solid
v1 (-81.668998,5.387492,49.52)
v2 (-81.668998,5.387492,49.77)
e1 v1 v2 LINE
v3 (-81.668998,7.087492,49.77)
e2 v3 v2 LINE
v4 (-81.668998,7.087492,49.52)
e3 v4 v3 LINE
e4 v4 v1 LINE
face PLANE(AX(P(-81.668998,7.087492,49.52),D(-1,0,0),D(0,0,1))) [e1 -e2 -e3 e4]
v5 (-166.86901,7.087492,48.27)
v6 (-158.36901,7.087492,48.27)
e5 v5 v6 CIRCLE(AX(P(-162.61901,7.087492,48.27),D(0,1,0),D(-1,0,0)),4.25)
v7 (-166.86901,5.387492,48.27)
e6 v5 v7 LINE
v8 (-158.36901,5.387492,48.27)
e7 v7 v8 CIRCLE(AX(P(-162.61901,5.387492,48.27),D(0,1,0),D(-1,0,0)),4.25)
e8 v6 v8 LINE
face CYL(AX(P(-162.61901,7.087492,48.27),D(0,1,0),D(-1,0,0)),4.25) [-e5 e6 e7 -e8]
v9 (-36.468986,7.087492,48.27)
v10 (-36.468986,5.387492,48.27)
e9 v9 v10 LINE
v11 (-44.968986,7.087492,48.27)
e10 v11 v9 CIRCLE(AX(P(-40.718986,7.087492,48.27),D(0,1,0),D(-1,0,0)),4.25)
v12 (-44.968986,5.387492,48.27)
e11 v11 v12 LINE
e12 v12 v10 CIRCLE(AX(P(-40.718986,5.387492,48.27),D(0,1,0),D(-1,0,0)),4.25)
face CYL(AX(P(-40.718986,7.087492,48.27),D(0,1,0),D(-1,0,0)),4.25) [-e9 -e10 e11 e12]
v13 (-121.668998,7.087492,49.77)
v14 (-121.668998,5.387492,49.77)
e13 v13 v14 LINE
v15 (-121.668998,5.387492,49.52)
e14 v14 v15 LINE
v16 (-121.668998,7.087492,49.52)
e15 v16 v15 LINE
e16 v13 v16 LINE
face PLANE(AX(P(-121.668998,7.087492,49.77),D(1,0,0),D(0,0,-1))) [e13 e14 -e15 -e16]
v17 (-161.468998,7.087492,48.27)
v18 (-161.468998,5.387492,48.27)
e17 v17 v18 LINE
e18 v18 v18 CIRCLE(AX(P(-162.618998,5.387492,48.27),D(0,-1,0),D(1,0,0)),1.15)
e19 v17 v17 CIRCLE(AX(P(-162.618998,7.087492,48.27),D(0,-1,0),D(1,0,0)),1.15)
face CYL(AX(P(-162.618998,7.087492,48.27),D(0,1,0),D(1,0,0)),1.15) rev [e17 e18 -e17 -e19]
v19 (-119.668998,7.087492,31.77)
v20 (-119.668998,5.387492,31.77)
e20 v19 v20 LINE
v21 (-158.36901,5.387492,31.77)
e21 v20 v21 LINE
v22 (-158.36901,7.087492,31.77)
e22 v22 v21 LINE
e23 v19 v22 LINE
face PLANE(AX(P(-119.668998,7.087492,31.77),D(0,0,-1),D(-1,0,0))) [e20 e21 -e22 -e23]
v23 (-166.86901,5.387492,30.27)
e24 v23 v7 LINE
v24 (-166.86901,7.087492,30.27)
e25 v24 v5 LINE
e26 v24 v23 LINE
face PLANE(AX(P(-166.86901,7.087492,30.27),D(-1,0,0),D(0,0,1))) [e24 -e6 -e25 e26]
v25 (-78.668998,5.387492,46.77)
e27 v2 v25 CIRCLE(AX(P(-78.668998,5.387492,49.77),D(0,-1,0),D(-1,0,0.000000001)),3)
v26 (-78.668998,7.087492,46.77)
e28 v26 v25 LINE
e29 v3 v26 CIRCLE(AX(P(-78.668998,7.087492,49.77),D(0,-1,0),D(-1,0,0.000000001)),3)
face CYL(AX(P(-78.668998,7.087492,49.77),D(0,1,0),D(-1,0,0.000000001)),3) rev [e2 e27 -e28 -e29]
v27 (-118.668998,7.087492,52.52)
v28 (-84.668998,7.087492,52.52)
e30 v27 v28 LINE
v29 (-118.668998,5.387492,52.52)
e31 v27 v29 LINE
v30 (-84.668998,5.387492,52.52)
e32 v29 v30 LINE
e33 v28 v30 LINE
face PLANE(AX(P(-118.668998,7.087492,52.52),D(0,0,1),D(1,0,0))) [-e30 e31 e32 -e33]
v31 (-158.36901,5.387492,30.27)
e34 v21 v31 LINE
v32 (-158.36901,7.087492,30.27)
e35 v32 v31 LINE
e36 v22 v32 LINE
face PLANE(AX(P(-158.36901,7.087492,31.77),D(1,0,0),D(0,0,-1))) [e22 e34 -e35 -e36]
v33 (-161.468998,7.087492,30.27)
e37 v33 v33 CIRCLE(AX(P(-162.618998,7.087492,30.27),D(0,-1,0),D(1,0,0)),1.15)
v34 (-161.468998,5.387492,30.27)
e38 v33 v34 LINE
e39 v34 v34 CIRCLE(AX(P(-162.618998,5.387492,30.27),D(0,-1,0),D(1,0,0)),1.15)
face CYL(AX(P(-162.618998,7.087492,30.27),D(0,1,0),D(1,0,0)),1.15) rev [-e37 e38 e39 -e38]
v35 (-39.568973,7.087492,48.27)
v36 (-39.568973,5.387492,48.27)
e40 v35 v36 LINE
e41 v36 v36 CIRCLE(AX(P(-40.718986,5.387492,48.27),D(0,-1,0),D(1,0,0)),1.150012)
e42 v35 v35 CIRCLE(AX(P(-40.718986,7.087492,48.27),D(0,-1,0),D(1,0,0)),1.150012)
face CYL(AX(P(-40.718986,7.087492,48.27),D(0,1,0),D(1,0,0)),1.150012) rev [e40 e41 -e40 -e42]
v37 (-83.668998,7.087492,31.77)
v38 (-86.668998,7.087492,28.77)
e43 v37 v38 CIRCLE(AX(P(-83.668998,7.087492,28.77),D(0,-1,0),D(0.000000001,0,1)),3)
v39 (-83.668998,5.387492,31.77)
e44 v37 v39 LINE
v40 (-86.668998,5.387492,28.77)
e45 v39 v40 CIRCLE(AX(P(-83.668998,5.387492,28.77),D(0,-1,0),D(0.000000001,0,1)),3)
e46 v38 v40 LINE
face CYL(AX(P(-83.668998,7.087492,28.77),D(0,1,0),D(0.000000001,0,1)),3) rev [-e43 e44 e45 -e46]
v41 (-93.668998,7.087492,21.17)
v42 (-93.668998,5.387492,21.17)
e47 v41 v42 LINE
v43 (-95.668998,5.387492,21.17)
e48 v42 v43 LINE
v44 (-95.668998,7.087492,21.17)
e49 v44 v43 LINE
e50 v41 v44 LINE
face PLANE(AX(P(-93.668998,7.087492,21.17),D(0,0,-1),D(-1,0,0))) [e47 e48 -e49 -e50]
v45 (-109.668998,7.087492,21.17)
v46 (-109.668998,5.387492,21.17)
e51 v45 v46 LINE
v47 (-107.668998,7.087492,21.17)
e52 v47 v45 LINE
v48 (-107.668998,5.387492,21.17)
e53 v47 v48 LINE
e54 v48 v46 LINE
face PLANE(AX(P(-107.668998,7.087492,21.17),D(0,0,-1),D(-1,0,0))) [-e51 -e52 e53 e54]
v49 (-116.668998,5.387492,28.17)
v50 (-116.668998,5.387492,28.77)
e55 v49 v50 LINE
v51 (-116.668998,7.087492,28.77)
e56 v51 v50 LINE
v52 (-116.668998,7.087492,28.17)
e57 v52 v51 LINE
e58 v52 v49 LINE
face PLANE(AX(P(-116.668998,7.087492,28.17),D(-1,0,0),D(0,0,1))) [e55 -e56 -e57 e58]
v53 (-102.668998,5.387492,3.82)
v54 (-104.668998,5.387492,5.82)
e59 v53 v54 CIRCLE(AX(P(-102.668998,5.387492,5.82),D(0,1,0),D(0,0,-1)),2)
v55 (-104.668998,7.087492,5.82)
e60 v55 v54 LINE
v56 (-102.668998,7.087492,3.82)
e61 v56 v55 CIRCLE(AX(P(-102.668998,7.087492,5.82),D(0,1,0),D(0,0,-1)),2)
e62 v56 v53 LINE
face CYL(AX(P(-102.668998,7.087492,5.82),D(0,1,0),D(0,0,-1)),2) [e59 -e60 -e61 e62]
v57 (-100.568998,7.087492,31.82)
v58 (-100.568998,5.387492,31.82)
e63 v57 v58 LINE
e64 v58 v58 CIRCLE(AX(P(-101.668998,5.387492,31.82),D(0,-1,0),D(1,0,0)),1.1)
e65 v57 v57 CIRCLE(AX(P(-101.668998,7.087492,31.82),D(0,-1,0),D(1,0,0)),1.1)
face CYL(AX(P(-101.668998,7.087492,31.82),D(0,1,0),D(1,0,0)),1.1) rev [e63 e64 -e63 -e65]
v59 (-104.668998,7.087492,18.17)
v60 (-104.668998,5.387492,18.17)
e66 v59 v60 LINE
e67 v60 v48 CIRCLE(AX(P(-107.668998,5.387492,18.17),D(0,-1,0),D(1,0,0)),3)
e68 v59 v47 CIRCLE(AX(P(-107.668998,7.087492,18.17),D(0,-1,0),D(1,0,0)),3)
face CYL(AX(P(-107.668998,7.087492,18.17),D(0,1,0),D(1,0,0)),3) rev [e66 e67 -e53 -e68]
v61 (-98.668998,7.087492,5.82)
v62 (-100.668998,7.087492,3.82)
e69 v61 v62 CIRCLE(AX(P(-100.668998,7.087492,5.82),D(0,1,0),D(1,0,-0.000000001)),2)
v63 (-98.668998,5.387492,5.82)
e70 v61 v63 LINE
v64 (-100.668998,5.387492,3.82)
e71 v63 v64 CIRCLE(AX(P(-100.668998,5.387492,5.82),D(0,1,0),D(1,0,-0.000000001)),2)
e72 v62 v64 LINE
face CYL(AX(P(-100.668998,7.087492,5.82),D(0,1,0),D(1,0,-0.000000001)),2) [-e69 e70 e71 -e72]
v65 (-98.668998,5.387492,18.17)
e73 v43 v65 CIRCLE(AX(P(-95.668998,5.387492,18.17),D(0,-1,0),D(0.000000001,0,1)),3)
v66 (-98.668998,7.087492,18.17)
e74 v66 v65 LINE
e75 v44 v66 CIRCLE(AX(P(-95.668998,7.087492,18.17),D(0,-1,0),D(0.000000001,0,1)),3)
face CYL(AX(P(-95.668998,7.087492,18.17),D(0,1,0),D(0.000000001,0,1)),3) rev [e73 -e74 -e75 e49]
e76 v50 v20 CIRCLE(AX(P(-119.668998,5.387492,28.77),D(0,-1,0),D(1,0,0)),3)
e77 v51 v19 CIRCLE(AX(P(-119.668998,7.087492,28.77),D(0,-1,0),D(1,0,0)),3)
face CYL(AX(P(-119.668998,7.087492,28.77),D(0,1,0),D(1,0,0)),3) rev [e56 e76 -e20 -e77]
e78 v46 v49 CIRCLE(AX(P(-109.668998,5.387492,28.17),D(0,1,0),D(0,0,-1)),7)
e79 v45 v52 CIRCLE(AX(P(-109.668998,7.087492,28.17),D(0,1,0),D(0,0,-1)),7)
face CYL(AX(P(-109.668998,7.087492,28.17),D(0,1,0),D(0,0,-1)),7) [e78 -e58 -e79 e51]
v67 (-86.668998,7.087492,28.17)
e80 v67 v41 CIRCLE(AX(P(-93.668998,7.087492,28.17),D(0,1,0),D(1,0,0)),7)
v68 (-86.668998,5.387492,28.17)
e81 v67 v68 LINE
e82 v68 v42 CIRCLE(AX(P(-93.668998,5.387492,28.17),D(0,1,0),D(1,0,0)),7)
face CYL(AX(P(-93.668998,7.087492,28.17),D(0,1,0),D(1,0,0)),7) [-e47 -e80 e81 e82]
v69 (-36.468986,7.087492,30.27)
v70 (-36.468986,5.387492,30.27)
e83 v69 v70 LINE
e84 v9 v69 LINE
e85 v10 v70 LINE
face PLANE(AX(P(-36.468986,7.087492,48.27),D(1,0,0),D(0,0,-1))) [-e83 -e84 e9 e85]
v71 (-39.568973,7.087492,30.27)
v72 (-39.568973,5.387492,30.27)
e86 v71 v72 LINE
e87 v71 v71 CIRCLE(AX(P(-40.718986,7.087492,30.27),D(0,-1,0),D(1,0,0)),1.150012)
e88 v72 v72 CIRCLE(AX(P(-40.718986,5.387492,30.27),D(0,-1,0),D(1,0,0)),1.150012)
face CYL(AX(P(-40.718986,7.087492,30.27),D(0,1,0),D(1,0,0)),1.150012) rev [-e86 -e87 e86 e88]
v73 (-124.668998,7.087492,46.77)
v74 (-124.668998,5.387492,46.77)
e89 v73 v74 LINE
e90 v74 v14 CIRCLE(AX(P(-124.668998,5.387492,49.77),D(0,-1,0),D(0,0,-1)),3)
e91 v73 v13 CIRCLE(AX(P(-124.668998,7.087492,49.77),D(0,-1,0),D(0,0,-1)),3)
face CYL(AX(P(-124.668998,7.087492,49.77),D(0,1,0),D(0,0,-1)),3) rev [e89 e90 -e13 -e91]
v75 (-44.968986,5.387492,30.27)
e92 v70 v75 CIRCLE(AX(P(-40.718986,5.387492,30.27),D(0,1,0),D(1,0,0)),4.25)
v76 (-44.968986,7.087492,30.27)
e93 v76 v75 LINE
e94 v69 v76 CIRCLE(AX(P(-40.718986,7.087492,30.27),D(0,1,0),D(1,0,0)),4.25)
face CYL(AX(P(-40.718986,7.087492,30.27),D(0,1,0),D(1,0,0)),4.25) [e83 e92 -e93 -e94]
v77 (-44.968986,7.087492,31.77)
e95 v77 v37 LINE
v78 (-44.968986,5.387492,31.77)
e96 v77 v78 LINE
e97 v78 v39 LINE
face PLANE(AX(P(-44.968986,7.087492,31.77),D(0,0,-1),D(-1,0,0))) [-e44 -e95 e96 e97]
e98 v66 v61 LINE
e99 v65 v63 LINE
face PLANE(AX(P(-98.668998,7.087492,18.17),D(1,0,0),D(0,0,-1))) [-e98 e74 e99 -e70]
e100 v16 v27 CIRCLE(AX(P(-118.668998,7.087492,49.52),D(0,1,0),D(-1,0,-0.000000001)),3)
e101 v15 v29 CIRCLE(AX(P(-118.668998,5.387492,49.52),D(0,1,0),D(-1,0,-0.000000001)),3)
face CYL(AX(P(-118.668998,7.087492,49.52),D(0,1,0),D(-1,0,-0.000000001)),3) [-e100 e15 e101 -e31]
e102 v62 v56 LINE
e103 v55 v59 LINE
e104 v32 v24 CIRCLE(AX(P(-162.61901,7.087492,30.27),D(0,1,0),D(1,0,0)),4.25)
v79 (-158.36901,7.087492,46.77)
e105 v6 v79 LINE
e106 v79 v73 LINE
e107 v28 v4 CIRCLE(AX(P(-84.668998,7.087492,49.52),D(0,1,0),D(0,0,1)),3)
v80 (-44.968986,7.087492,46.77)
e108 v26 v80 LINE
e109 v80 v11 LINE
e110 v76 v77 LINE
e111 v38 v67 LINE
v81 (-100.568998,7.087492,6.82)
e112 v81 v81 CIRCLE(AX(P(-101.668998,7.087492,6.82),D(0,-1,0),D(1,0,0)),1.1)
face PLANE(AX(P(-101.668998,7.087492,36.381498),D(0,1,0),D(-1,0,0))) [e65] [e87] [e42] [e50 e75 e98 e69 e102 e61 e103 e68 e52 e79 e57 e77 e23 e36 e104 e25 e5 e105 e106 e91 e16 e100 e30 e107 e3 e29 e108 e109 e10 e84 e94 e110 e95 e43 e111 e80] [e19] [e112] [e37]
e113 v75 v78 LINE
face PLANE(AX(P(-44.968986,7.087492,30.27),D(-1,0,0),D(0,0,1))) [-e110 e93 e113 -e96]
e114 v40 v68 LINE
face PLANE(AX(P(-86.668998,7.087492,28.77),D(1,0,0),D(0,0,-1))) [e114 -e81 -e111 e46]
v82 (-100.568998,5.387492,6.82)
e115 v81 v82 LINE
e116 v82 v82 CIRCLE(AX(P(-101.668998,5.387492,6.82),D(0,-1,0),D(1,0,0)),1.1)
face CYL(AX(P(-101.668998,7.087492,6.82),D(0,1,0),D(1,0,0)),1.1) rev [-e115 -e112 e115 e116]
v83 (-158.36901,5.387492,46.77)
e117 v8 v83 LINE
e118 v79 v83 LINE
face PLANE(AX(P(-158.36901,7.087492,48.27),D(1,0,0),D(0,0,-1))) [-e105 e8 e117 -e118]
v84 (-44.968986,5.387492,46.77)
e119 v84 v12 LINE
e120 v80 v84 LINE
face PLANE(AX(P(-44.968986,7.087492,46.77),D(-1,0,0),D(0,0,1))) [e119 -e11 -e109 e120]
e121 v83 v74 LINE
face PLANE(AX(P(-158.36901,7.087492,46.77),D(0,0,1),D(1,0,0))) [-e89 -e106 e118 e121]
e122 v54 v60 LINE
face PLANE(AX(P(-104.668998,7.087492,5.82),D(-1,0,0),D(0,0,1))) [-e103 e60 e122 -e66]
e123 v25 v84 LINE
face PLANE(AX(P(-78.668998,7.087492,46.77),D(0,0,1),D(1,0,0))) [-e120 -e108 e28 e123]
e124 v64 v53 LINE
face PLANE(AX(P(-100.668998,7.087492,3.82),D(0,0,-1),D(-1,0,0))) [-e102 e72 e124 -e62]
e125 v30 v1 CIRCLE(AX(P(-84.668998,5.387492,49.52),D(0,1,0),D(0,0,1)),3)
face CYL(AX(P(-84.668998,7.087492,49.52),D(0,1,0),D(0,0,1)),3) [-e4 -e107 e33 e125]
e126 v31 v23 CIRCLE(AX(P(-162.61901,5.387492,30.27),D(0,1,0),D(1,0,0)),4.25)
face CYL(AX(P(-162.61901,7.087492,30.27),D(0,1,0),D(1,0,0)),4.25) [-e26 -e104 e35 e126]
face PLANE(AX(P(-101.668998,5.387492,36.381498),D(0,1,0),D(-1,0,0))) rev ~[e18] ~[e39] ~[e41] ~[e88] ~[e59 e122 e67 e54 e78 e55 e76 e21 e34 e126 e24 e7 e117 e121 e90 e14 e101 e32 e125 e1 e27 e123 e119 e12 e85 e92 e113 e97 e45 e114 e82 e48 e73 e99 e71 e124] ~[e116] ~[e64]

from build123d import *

# Parameters (mm, degrees)
SZKIC1_R                    = 1.15
SZKIC1_R_2                  = 1.150012437
SZKIC1_R_3                  = 1.1
DODANIE_WYCI_GNI_CIE1_DEPTH = 1.7


with BuildPart() as part:
    # Szkic1 → Dodanie-wyciągnięcie1 (new body)
    with BuildSketch(Plane.XZ.offset(-7.087491716)):
        with BuildLine():
            Line((-166.869010382, 45.27), (-166.869010382, 48.27))
            ThreePointArc((-166.869010382, 48.27), (-162.619010382, 52.52), (-158.369010382, 48.27))
            Line((-158.369010382, 48.27), (-158.369010382, 46.77))
            Line((-158.369010382, 46.77), (-124.668997945, 46.77))
            ThreePointArc((-124.668997945, 46.77), (-122.547677602, 47.648679656), (-121.668997945, 49.77))
            Line((-121.668997945, 49.77), (-121.668997945, 49.52))
            ThreePointArc((-121.668997945, 49.52), (-120.790318289, 51.641320344), (-118.668997945, 52.52))
            Line((-118.668997945, 52.52), (-84.668997945, 52.52))
            ThreePointArc((-84.668997945, 52.52), (-82.547677602, 51.641320344), (-81.668997945, 49.52))
            Line((-81.668997945, 49.52), (-81.668997945, 49.77))
            ThreePointArc((-81.668997945, 49.77), (-80.790318289, 47.648679656), (-78.668997945, 46.77))
            Line((-78.668997945, 46.77), (-44.968985509, 46.77))
            Line((-44.968985509, 46.77), (-44.968985509, 48.27))
            ThreePointArc((-44.968985509, 48.27), (-40.718985509, 52.52), (-36.468985509, 48.27))
            Line((-36.468985509, 48.27), (-36.468985509, 45.27))
            Line((-36.468985509, 45.27), (-36.468985509, 33.27))
            Line((-36.468985509, 33.27), (-36.468985509, 30.27))
            ThreePointArc((-36.468985509, 30.27), (-40.718985509, 26.02), (-44.968985509, 30.27))
            Line((-44.968985509, 30.27), (-44.968985509, 31.77))
            Line((-44.968985509, 31.77), (-83.668997945, 31.77))
            ThreePointArc((-83.668997945, 31.77), (-85.790318289, 30.891320344), (-86.668997945, 28.77))
            Line((-86.668997945, 28.77), (-86.668997945, 28.17))
            ThreePointArc((-86.668997945, 28.17), (-88.719250477, 23.220252532), (-93.668997945, 21.17))
            Line((-93.668997945, 21.17), (-95.668997945, 21.17))
            ThreePointArc((-95.668997945, 21.17), (-97.790318289, 20.291320344), (-98.668997945, 18.17))
            Line((-98.668997945, 18.17), (-98.668997945, 5.82))
            ThreePointArc((-98.668997945, 5.82), (-99.254784383, 4.405786438), (-100.668997945, 3.82))
            Line((-100.668997945, 3.82), (-102.668997945, 3.82))
            ThreePointArc((-102.668997945, 3.82), (-104.083211508, 4.405786438), (-104.668997945, 5.82))
            Line((-104.668997945, 5.82), (-104.668997945, 18.17))
            ThreePointArc((-104.668997945, 18.17), (-105.547677602, 20.291320344), (-107.668997945, 21.17))
            Line((-107.668997945, 21.17), (-109.668997945, 21.17))
            ThreePointArc((-109.668997945, 21.17), (-114.618745414, 23.220252532), (-116.668997945, 28.17))
            Line((-116.668997945, 28.17), (-116.668997945, 28.77))
            ThreePointArc((-116.668997945, 28.77), (-117.547677602, 30.891320344), (-119.668997945, 31.77))
            Line((-119.668997945, 31.77), (-158.369010382, 31.77))
            Line((-158.369010382, 31.77), (-158.369010382, 30.27))
            ThreePointArc((-158.369010382, 30.27), (-162.619010382, 26.02), (-166.869010382, 30.27))
            Line((-166.869010382, 30.27), (-166.869010382, 33.27))
            Line((-166.869010382, 33.27), (-166.869010382, 45.27))
        make_face()
        with Locations((-162.618997945, 30.27)):
            Circle(SZKIC1_R, mode=Mode.SUBTRACT)
        with Locations((-162.618997945, 48.27)):
            Circle(SZKIC1_R, mode=Mode.SUBTRACT)
        with Locations((-40.718985509, 48.27)):
            Circle(SZKIC1_R_2, mode=Mode.SUBTRACT)
        with Locations((-40.718985509, 30.27)):
            Circle(SZKIC1_R_2, mode=Mode.SUBTRACT)
        with Locations((-101.668997945, 31.82)):
            Circle(SZKIC1_R_3, mode=Mode.SUBTRACT)
        with Locations((-101.668997945, 6.82)):
            Circle(SZKIC1_R_3, mode=Mode.SUBTRACT)
    extrude(amount=DODANIE_WYCI_GNI_CIE1_DEPTH)


solid = part.part
